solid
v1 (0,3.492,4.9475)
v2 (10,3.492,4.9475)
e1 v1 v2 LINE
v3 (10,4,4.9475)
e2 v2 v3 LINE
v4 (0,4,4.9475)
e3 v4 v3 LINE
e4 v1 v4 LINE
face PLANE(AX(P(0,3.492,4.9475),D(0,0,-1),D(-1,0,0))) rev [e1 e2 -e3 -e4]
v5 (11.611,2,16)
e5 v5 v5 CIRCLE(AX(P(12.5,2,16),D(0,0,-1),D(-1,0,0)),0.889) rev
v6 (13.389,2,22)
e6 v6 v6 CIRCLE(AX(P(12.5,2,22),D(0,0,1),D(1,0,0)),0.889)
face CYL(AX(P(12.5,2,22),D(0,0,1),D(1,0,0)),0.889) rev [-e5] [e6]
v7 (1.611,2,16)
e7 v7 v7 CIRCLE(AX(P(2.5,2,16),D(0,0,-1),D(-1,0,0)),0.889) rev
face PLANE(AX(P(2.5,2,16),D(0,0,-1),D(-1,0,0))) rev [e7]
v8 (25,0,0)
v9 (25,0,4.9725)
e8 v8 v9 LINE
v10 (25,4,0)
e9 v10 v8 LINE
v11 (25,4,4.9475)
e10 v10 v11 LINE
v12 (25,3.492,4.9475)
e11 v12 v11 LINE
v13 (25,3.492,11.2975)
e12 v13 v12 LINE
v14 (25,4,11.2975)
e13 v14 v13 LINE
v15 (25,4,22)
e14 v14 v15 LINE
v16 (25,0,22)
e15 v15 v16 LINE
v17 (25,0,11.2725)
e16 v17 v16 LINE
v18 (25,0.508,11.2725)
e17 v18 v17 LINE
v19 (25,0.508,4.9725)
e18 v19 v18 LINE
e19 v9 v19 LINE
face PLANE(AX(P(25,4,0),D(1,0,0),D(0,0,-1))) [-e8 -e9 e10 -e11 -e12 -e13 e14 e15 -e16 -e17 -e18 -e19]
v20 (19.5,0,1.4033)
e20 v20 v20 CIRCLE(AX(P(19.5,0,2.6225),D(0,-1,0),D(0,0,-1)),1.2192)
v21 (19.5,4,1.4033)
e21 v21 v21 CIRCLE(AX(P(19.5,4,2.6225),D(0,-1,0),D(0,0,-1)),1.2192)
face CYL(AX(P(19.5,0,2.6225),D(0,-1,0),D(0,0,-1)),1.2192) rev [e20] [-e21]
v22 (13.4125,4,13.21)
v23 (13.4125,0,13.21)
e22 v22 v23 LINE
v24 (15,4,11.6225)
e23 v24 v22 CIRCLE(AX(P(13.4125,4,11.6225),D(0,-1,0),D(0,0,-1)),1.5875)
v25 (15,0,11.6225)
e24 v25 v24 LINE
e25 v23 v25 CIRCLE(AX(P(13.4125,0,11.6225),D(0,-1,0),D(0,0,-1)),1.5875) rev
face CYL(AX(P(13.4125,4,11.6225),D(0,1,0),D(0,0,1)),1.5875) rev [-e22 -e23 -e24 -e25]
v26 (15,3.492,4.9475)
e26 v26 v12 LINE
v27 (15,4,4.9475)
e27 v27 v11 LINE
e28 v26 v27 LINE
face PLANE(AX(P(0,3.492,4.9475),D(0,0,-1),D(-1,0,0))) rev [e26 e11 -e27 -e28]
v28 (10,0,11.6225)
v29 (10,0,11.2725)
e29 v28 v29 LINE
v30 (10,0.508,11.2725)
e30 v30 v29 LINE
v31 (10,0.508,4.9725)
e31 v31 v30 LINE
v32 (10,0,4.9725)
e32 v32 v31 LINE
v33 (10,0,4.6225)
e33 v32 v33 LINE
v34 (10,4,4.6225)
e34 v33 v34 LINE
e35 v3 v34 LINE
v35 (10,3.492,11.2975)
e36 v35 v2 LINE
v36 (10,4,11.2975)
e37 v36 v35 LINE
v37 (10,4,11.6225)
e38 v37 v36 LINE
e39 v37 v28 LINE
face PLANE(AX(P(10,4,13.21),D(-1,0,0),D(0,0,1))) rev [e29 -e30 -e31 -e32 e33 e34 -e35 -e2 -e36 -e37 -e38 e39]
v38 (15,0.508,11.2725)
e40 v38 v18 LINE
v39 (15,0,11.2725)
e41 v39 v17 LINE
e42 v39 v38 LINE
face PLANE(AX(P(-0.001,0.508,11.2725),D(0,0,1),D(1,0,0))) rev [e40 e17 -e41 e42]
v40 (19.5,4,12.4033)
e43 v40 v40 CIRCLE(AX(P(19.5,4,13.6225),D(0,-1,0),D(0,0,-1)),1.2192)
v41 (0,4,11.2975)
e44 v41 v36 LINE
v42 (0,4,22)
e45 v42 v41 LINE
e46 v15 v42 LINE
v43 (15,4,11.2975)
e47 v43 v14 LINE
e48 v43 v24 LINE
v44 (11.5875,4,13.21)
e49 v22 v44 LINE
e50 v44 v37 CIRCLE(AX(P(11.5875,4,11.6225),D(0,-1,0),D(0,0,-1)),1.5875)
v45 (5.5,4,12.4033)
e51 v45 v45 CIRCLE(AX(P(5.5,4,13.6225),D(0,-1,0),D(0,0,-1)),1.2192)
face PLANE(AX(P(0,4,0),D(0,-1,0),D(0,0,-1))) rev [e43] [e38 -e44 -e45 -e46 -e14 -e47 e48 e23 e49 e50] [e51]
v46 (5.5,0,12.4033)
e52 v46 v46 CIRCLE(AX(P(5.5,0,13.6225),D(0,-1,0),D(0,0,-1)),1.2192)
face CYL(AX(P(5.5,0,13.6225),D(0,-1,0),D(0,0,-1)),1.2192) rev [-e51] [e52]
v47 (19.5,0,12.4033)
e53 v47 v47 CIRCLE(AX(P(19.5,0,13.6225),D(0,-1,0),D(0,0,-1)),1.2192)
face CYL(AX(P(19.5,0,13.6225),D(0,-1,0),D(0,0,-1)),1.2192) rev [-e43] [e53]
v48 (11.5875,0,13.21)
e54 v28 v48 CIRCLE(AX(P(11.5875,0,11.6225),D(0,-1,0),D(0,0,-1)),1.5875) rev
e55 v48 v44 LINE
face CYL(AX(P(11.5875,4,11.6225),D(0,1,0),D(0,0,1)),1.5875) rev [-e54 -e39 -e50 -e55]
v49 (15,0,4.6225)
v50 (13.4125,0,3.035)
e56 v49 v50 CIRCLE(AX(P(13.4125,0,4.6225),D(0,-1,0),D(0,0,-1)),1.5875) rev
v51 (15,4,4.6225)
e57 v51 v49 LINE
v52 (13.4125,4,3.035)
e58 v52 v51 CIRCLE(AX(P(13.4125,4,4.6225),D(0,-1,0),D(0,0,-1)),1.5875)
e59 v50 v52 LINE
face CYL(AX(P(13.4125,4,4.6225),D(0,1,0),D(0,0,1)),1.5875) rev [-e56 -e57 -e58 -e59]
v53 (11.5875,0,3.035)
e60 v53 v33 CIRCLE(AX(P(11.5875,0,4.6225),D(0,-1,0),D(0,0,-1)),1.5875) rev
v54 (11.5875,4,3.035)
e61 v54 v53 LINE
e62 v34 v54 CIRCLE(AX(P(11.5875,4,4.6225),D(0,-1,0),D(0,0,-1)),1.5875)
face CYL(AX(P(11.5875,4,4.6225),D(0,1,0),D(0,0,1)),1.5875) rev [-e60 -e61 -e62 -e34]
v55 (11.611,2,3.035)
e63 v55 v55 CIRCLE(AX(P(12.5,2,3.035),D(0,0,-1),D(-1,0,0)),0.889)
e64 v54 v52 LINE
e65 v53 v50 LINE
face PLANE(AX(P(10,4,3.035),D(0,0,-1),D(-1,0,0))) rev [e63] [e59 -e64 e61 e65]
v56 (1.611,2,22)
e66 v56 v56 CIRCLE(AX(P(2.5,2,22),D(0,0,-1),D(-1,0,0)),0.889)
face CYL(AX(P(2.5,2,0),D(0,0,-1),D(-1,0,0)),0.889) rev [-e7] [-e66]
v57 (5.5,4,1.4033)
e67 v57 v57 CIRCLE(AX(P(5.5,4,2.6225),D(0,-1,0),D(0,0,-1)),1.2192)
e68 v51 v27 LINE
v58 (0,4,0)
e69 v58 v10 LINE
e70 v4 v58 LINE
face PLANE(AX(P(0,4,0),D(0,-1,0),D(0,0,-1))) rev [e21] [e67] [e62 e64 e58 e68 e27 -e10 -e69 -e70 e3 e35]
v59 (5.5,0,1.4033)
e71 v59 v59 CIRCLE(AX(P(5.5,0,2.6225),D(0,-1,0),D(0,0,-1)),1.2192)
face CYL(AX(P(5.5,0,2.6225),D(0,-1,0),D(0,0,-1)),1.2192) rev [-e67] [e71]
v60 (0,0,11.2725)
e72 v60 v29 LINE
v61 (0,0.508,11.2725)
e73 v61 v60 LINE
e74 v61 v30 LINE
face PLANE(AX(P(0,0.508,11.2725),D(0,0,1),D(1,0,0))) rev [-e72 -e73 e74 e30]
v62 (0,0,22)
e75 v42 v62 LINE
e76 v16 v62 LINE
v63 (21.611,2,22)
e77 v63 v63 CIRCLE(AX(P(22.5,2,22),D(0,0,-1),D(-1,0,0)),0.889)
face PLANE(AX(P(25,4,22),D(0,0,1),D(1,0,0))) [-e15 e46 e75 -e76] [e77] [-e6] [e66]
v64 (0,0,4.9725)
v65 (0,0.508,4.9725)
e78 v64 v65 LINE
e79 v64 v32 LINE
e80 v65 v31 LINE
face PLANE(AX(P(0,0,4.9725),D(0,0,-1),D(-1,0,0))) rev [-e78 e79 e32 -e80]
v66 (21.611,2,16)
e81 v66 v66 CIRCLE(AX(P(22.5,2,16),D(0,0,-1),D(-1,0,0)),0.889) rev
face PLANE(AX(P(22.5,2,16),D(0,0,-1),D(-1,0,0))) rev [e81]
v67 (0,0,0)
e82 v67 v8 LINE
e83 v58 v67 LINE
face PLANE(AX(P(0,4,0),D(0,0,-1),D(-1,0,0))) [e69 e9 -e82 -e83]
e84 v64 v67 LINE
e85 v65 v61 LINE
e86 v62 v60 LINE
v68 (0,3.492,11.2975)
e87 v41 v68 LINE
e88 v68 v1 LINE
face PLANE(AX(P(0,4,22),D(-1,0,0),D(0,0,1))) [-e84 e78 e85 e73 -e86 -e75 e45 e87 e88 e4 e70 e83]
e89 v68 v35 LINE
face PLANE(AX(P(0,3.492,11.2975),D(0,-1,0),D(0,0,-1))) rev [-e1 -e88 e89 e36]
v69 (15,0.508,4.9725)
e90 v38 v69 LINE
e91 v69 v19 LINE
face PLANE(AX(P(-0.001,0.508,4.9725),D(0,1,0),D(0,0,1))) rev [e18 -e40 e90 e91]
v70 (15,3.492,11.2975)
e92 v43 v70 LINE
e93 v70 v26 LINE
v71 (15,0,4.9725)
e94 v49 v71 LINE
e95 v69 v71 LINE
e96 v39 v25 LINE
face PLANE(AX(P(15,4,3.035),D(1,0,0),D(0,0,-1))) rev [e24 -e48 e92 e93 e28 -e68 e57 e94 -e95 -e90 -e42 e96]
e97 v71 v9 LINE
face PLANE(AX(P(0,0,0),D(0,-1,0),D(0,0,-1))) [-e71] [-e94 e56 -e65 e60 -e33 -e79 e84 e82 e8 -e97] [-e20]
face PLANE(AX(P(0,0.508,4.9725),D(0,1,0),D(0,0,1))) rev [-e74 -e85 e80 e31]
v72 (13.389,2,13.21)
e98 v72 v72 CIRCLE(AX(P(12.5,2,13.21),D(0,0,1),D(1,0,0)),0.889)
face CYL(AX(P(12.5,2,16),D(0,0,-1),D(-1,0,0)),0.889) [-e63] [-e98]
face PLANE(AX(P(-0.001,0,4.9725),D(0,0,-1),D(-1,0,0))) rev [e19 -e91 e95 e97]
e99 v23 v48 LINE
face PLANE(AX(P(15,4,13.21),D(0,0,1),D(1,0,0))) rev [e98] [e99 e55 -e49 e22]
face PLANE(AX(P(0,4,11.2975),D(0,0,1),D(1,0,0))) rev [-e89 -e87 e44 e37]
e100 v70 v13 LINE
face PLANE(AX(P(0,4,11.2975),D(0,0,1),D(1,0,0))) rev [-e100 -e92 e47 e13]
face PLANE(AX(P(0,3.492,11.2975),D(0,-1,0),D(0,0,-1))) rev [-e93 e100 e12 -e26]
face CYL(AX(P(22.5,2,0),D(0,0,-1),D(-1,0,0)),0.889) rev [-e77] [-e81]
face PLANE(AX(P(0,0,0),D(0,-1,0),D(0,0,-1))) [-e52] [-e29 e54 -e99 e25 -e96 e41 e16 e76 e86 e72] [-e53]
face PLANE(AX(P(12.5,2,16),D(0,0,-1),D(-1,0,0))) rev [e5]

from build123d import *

# Parameters (mm, degrees)
ESBO_O1_W                     = 25
ESBO_O1_H                     = 22
RESSALTO_EXTRUS_O1_DEPTH      = 4
ESBO_O2_W                     = 5
ESBO_O2_H                     = 10.175
CORTE_EXTRUS_O1_DEPTH         = 5
CORTE_EXTRUS_O2_REACH         = 27
ESBO_O3_W                     = 6.3
ESBO_O3_H                     = 0.508
ESBO_O4_W                     = 6.3
ESBO_O4_H                     = 0.508
CORTE_EXTRUS_O3_DEPTH         = 11
ESBO_O5_W                     = 6.35
ESBO_O5_H                     = 0.508
CORTE_EXTRUS_O4_DEPTH         = 11
ESBO_O6_W                     = 6.35
ESBO_O6_H                     = 0.508
CORTE_EXTRUS_O5_DEPTH         = 26
FURO_COM_FOLGA_DE_M21_D       = 2.4384
FURO_COM_FOLGA_DE_M21_DEPTH   = 4
FURO_COM_FOLGA_DE_M1_61_D     = 1.778
FURO_COM_FOLGA_DE_M1_61_DEPTH = 22
FURO_COM_FOLGA_DE_M1_62_D     = 1.778
FURO_COM_FOLGA_DE_M1_62_DEPTH = 3.035
FURO_COM_FOLGA_DE_M1_63_D     = 1.778
FURO_COM_FOLGA_DE_M1_63_DEPTH = 22
FILETE1_R                     = 1.5875
ESBO_O15_R                    = 0.889
RESSALTO_EXTRUS_O2_DEPTH      = 16


with BuildPart() as part:
    # Esboço1 → Ressalto-extrusão1 (new body)
    with BuildSketch(Plane.XZ):
        with Locations((12.5, 11)):
            Rectangle(ESBO_O1_W, ESBO_O1_H)
    extrude(amount=-RESSALTO_EXTRUS_O1_DEPTH)

    # Esboço2 → Corte-extrusão1 (cut, through all)
    with BuildSketch(Plane.XZ):
        with Locations((12.5, 8.1225)):
            Rectangle(ESBO_O2_W, ESBO_O2_H)
    extrude(amount=-CORTE_EXTRUS_O1_DEPTH, mode=Mode.SUBTRACT)

    # Esboço3 → Corte-extrusão2 (cut, up to next)
    with BuildSketch(Plane(origin=(25, 0, 0), x_dir=(0, 0, -1), z_dir=(1, 0, 0)), mode=Mode.PRIVATE) as corte_extrus_o2_sk1:
        with Locations((-8.1225, 0.254)):
            Rectangle(ESBO_O3_W, ESBO_O3_H)
    corte_extrus_o2_tool1 = extrude(corte_extrus_o2_sk1.sketch, amount=-CORTE_EXTRUS_O2_REACH, mode=Mode.PRIVATE) & part.part
    add(corte_extrus_o2_tool1.solids().sort_by_distance((25, 0.254, 8.1225))[0], mode=Mode.SUBTRACT)

    # Esboço4 → Corte-extrusão3 (cut, through all)
    with BuildSketch(Plane(origin=(10, 0, 0), x_dir=(0, 0, -1), z_dir=(1, 0, 0))):
        with Locations((-8.1225, 0.254)):
            Rectangle(ESBO_O4_W, ESBO_O4_H)
    extrude(amount=-CORTE_EXTRUS_O3_DEPTH, mode=Mode.SUBTRACT)

    # Esboço5 → Corte-extrusão4 (cut, through all)
    with BuildSketch(Plane(origin=(10, 0, 0), x_dir=(0, 0, -1), z_dir=(1, 0, 0))):
        with Locations((-8.1225, 3.746)):
            Rectangle(ESBO_O5_W, ESBO_O5_H)
    extrude(amount=-CORTE_EXTRUS_O4_DEPTH, mode=Mode.SUBTRACT)

    # Esboço6 → Corte-extrusão5 (cut, through all)
    with BuildSketch(Plane(origin=(25, 0, 0), x_dir=(0, 0, -1), z_dir=(1, 0, 0))):
        with Locations((-8.1225, 3.746)):
            Rectangle(ESBO_O6_W, ESBO_O6_H)
    extrude(amount=-CORTE_EXTRUS_O5_DEPTH, mode=Mode.SUBTRACT)

    # Furo com folga de M21
    with Locations(Plane(origin=(0, 0, 0), x_dir=(-1, 0, 0), z_dir=(0, -1, 0))):
        with Locations((-19.5, -13.6225), (-19.5, -2.6225), (-5.5, -2.6225), (-5.5, -13.6225)):
            Hole(FURO_COM_FOLGA_DE_M21_D / 2, depth=FURO_COM_FOLGA_DE_M21_DEPTH)

    # Furo com folga de M1.61
    with Locations(Plane(origin=(0, 0, 0), x_dir=(-1, 0, 0), z_dir=(0, 0, -1))):
        with Locations((-2.5, 2), (-22.5, 2)):
            Hole(FURO_COM_FOLGA_DE_M1_61_D / 2, depth=FURO_COM_FOLGA_DE_M1_61_DEPTH)

    # Furo com folga de M1.62
    with Locations(Plane(origin=(0, 0, 0), x_dir=(-1, 0, 0), z_dir=(0, 0, -1))):
        with Locations((-12.5, 2)):
            Hole(FURO_COM_FOLGA_DE_M1_62_D / 2, depth=FURO_COM_FOLGA_DE_M1_62_DEPTH)

    # Furo com folga de M1.63
    with Locations(Plane.XY.offset(22)):
        with Locations((12.5, 2)):
            Hole(FURO_COM_FOLGA_DE_M1_63_D / 2, depth=FURO_COM_FOLGA_DE_M1_63_DEPTH)

    # Filete1
    filete1_edges = [part.edges().sort_by_distance(p)[0] for p in [
        (10, 2, 13.21),
        (15, 2, 13.21),
        (15, 2, 3.035),
        (10, 2, 3.035),
    ]]
    fillet(filete1_edges, radius=FILETE1_R)

    # Esboço15 → Ressalto-extrusão2 (add)
    with BuildSketch(Plane(origin=(0, 0, 0), x_dir=(-1, 0, 0), z_dir=(0, 0, -1))):
        with Locations((-2.5, 2)):
            Circle(ESBO_O15_R)
        with Locations((-12.5, 2)):
            Circle(ESBO_O15_R)
        with Locations((-22.5, 2)):
            Circle(ESBO_O15_R)
    extrude(amount=-RESSALTO_EXTRUS_O2_DEPTH)


solid = part.part
